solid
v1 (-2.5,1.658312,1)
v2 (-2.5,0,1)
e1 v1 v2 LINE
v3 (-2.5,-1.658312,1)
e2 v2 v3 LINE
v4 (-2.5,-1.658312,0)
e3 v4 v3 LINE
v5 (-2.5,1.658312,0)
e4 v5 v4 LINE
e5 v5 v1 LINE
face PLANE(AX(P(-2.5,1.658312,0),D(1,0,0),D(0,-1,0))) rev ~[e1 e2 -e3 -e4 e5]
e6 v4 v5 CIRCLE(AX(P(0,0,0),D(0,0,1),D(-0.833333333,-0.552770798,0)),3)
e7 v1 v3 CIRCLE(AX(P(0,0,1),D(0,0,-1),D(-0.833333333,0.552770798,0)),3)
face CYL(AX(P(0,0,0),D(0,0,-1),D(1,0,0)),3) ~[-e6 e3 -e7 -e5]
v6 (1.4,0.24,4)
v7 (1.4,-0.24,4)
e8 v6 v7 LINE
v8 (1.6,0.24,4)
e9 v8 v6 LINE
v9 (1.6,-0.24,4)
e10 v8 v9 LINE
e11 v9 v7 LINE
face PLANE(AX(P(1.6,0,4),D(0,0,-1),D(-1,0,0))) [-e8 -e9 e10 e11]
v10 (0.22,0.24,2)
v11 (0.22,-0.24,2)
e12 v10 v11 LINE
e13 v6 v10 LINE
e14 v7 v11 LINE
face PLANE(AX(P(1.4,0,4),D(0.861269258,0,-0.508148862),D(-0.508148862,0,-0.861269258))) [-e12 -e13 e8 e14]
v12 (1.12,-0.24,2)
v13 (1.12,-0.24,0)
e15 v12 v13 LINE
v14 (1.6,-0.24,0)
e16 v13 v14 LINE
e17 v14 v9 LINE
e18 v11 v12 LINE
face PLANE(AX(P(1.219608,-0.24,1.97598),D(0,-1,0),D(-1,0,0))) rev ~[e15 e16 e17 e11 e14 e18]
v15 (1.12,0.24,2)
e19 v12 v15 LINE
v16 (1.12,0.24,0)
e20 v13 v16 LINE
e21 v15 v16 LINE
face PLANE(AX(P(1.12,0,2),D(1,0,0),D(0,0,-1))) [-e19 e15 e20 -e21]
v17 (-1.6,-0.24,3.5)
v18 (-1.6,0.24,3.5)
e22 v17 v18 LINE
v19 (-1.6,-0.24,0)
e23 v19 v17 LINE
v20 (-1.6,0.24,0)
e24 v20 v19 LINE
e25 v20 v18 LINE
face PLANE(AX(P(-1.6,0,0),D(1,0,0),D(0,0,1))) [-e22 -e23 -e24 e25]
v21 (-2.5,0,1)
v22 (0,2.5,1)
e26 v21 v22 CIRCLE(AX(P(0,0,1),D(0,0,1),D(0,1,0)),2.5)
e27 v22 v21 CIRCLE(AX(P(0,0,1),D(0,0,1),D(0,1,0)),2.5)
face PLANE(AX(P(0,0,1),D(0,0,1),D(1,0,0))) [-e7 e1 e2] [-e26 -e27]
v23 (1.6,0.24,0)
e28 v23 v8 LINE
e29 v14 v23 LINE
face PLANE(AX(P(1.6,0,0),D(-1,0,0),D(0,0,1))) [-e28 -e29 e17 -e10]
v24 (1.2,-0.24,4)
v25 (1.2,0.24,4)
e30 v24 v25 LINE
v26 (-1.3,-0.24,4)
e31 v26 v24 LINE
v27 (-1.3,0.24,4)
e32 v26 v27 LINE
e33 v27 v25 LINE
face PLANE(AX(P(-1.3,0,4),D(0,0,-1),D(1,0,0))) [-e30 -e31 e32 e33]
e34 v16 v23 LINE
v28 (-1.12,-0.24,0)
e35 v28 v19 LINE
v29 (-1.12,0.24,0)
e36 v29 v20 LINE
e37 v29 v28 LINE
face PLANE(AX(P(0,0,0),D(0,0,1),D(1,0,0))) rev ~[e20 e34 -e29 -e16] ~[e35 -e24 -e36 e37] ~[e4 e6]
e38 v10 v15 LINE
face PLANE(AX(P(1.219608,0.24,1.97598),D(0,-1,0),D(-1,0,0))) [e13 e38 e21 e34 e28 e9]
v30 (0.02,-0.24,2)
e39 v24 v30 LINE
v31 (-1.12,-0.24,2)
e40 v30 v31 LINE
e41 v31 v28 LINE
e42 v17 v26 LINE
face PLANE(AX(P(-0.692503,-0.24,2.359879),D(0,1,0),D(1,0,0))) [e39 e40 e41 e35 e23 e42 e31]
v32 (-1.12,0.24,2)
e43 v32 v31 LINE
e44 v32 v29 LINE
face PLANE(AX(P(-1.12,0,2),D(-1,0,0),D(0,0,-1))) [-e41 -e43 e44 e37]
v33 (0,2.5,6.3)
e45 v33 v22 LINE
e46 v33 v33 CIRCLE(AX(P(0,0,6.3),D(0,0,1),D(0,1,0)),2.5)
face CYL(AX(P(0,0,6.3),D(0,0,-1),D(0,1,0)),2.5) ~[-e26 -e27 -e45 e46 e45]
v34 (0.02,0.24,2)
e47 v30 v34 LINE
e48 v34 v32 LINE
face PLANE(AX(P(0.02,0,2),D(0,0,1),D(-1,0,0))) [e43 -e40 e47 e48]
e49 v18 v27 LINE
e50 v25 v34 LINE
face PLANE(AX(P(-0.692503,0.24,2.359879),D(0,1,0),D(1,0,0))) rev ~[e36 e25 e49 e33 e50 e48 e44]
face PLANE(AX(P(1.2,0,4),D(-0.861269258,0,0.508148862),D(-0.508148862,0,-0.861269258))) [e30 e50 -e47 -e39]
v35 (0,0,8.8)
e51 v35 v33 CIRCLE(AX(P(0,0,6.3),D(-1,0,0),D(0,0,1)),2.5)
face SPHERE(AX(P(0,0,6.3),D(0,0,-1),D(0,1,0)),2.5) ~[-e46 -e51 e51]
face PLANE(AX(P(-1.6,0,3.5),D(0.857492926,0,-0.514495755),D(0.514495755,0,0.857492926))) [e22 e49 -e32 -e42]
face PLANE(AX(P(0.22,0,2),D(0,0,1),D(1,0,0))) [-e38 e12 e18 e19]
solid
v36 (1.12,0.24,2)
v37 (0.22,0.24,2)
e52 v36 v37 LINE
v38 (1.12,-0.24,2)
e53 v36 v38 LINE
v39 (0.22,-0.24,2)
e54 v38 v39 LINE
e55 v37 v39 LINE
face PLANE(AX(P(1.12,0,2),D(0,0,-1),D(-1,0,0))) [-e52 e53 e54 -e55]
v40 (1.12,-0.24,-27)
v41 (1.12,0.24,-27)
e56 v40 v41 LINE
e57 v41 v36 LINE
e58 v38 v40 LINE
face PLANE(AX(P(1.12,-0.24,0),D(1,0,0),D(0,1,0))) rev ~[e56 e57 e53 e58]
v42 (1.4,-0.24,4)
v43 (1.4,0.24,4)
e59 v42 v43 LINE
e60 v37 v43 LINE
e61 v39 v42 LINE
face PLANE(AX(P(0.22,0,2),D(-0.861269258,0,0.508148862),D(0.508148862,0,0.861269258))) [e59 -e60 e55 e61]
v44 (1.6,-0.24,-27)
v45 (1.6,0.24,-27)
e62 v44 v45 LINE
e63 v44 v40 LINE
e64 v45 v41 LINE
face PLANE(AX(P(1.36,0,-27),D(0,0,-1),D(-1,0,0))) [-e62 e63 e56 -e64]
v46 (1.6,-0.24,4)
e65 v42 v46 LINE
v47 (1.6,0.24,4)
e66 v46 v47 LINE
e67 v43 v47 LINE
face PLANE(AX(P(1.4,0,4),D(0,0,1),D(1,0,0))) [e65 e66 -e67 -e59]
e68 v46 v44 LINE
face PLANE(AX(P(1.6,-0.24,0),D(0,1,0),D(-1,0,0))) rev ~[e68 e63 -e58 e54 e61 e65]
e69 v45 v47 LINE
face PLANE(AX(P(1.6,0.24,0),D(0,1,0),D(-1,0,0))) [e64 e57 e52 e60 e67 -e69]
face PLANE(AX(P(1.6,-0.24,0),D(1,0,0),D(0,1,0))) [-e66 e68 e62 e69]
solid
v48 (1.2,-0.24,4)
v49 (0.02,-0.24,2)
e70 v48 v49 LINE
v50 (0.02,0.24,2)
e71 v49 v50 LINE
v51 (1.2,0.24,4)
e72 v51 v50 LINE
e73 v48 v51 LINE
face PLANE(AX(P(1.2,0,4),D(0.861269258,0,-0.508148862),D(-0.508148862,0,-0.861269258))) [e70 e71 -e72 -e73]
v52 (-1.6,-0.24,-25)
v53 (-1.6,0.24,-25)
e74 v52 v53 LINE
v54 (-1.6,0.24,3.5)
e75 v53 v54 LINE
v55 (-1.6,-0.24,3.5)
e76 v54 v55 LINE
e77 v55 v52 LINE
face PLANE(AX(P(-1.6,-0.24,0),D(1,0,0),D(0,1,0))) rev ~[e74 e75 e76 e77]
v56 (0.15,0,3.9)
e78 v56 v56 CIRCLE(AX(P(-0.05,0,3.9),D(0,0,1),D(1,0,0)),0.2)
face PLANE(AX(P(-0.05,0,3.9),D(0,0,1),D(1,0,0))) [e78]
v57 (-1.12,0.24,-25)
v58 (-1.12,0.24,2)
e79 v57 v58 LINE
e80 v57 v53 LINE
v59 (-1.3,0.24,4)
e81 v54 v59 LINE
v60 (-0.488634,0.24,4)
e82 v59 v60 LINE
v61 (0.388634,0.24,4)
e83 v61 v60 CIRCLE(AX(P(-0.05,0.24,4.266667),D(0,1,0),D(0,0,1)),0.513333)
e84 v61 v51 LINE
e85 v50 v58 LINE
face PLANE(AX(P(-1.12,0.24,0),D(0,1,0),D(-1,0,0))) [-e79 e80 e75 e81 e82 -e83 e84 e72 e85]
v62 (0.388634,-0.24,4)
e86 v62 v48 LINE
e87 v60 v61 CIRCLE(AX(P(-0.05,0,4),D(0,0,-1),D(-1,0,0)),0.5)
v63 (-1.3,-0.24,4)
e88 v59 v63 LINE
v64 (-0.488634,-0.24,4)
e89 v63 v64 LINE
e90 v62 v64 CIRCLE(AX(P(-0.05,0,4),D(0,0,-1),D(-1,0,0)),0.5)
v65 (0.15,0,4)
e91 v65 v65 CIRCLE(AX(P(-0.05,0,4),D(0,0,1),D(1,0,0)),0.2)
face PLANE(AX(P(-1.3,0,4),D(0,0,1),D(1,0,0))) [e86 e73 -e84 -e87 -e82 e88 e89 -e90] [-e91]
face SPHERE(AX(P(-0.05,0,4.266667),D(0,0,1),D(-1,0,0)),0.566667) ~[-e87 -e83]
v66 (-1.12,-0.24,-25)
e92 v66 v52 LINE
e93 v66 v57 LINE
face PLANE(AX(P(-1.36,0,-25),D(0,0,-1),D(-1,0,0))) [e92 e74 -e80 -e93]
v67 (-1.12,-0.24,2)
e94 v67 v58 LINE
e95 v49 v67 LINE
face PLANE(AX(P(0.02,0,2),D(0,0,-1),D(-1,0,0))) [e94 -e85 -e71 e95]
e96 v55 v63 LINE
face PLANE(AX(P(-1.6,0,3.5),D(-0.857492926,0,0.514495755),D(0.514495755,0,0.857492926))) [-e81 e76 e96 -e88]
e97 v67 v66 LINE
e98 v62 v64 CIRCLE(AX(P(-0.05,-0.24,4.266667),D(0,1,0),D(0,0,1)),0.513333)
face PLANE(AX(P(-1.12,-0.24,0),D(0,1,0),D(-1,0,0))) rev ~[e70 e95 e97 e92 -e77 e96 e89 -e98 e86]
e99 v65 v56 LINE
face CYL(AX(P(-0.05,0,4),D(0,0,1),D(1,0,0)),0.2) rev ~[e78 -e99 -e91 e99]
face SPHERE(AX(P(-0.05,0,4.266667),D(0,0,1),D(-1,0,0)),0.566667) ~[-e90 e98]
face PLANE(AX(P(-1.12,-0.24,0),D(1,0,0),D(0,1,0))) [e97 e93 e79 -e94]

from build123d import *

# Parameters (mm, degrees)
ESBO_O1_R                  = 3
RESSALTO_EXTRUS_O1_DEPTH   = 1
CORTE_EXTRUS_O1_DEPTH      = 1
ESBO_O5_W                  = 0.48
ESBO_O5_H                  = 0.48
RESSALTO_EXTRUS_O2_DEPTH   = 25
RESSALTO_EXTRUS_O2_2_DEPTH = 25
ESBO_O6_W                  = 0.48
ESBO_O6_H                  = 0.48
RESSALTO_EXTRUS_O3_DEPTH   = 2
CORTE_EXTRUS_O2_DEPTH      = 0.24
RESSALTO_EXTRUS_O4_DEPTH   = 0.24
RESSALTO_EXTRUS_O4_2_DEPTH = 0.24
ESBO_O12_R                 = 0.2
CORTE_EXTRUS_O3_DEPTH      = 0.1


with BuildPart() as part:
    # Esboço1 → Ressalto-extrusão1 (new body)
    with BuildSketch(Plane.XY):
        Circle(ESBO_O1_R)
    extrude(amount=RESSALTO_EXTRUS_O1_DEPTH)

    # Esboço3 → Revolução1 (revolve)
    with BuildSketch(Plane(origin=(0, 0, 0), x_dir=(0, 0, -1), z_dir=(1, 0, 0))):
        with BuildLine():
            Line((-1, 0), (-8.8, 0))
            ThreePointArc((-8.8, 0), (-8.067766953, 1.767766953), (-6.3, 2.5))
            Line((-6.3, 2.5), (-1, 2.5))
            Line((-1, 2.5), (-1, 0))
        make_face()
    revolve(axis=Axis((0, 0, 1), (0, 0, 1)))

    # Esboço4 → Corte-extrusão1 (cut)
    with BuildSketch(Plane(origin=(0, 0, 0), x_dir=(-1, 0, 0), z_dir=(0, 0, -1))):
        with BuildLine():
            Line((2.5, 1.658312395), (2.5, -1.658312395))
            ThreePointArc((2.5, -1.658312395), (3, 0), (2.5, 1.658312395))
        make_face()
    extrude(amount=-CORTE_EXTRUS_O1_DEPTH, mode=Mode.SUBTRACT)

    # Esboço7 → Corte-extrusão2 (cut, symmetric)
    with BuildSketch(Plane(origin=(0, 0, 0), x_dir=(1, 0, 0), z_dir=(0, 1, 0))):
        Polygon((-1.6, 0), (-1.6, -3.5), (-1.3, -4), (1.2, -4), (0.02, -2), (-1.12, -2), (-1.12, 0), align=None)
        Polygon((1.6, 0), (1.6, -4), (1.4, -4), (0.22, -2), (1.12, -2), (1.12, 0), align=None)
    extrude(amount=CORTE_EXTRUS_O2_DEPTH, both=True, mode=Mode.SUBTRACT)


with BuildPart() as body_2:
    # Esboço5 → Ressalto-extrusão2 (new body)
    with BuildSketch(Plane(origin=(0, 0, 0), x_dir=(-1, 0, 0), z_dir=(0, 0, -1))):
        with Locations((-1.36, 0)):
            Rectangle(ESBO_O5_W, ESBO_O5_H)
    extrude(amount=RESSALTO_EXTRUS_O2_DEPTH)


with BuildPart() as body_3:
    # Esboço5 → Ressalto-extrus_o2 2 (new body)
    with BuildSketch(Plane(origin=(0, 0, 0), x_dir=(-1, 0, 0), z_dir=(0, 0, -1))):
        with Locations((1.36, 0)):
            Rectangle(ESBO_O5_W, ESBO_O5_H)
    extrude(amount=RESSALTO_EXTRUS_O2_2_DEPTH)


with BuildPart() as body_4:
    # Esboço6 → Ressalto-extrusão3 (new body)
    with BuildSketch(Plane(origin=(0, 0, -25), x_dir=(-1, 0, 0), z_dir=(0, 0, -1))):
        with Locations((-1.36, 0)):
            Rectangle(ESBO_O6_W, ESBO_O6_H)
    extrude(amount=RESSALTO_EXTRUS_O3_DEPTH)


with BuildPart() as body_5:
    # Esboço8 → Ressalto-extrusão4 (new body, symmetric)
    with BuildSketch(Plane(origin=(0, 0, 0), x_dir=(1, 0, 0), z_dir=(0, 1, 0))):
        Polygon((-1.3, -4), (1.2, -4), (0.02, -2), (-1.12, -2), (-1.12, 0), (-1.6, 0), (-1.6, -3.5), align=None)
    extrude(amount=RESSALTO_EXTRUS_O4_DEPTH, both=True)

    # Combinar2: union body 3
    add(body_3.part)

    # Esboço10 → Corte-Revolução1 (revolve, cut)
    with BuildSketch(Plane(origin=(0, 0, 0), x_dir=(1, 0, 0), z_dir=(0, 1, 0))):
        with BuildLine():
            Line((-0.05, -4), (-0.05, -3.7))
            ThreePointArc((-0.05, -3.7), (-0.341547595, -3.780754009), (-0.55, -4))
            Line((-0.55, -4), (-0.05, -4))
        make_face()
    revolve(axis=Axis((-0.05, 0, 4), (0, 0, -1)), mode=Mode.SUBTRACT)


with BuildPart() as body_6:
    # Esboço8 → Ressalto-extrus_o4 2 (new body, symmetric)
    with BuildSketch(Plane(origin=(0, 0, 0), x_dir=(1, 0, 0), z_dir=(0, 1, 0))):
        Polygon((0.22, -2), (1.4, -4), (1.6, -4), (1.6, 0), (1.12, 0), (1.12, -2), align=None)
    extrude(amount=RESSALTO_EXTRUS_O4_2_DEPTH, both=True)

    # Combinar1: union body 4, body 2
    add(body_4.part)
    add(body_2.part)


with BuildPart() as body_4_2:
    # Esboço11 → Revolução2 (revolve)
    with BuildSketch(Plane(origin=(0, 0, 0), x_dir=(1, 0, 0), z_dir=(0, 1, 0))):
        with BuildLine():
            Line((-0.55, -4), (-0.05, -4))
            Line((-0.05, -4), (-0.05, -3.7))
            ThreePointArc((-0.05, -3.7), (-0.341547595, -3.780754009), (-0.55, -4))
        make_face()
    revolve(axis=Axis((-0.05, 0, 4), (0, 0, -1)))

    # Combinar3: union body 5
    add(body_5.part)

    # Esboço12 → Corte-extrusão3 (cut)
    with BuildSketch(Plane.XY.offset(4)):
        with Locations((-0.05, 0)):
            Circle(ESBO_O12_R)
    extrude(amount=-CORTE_EXTRUS_O3_DEPTH, mode=Mode.SUBTRACT)


solid = Compound([part.part, body_6.part, body_4_2.part])
